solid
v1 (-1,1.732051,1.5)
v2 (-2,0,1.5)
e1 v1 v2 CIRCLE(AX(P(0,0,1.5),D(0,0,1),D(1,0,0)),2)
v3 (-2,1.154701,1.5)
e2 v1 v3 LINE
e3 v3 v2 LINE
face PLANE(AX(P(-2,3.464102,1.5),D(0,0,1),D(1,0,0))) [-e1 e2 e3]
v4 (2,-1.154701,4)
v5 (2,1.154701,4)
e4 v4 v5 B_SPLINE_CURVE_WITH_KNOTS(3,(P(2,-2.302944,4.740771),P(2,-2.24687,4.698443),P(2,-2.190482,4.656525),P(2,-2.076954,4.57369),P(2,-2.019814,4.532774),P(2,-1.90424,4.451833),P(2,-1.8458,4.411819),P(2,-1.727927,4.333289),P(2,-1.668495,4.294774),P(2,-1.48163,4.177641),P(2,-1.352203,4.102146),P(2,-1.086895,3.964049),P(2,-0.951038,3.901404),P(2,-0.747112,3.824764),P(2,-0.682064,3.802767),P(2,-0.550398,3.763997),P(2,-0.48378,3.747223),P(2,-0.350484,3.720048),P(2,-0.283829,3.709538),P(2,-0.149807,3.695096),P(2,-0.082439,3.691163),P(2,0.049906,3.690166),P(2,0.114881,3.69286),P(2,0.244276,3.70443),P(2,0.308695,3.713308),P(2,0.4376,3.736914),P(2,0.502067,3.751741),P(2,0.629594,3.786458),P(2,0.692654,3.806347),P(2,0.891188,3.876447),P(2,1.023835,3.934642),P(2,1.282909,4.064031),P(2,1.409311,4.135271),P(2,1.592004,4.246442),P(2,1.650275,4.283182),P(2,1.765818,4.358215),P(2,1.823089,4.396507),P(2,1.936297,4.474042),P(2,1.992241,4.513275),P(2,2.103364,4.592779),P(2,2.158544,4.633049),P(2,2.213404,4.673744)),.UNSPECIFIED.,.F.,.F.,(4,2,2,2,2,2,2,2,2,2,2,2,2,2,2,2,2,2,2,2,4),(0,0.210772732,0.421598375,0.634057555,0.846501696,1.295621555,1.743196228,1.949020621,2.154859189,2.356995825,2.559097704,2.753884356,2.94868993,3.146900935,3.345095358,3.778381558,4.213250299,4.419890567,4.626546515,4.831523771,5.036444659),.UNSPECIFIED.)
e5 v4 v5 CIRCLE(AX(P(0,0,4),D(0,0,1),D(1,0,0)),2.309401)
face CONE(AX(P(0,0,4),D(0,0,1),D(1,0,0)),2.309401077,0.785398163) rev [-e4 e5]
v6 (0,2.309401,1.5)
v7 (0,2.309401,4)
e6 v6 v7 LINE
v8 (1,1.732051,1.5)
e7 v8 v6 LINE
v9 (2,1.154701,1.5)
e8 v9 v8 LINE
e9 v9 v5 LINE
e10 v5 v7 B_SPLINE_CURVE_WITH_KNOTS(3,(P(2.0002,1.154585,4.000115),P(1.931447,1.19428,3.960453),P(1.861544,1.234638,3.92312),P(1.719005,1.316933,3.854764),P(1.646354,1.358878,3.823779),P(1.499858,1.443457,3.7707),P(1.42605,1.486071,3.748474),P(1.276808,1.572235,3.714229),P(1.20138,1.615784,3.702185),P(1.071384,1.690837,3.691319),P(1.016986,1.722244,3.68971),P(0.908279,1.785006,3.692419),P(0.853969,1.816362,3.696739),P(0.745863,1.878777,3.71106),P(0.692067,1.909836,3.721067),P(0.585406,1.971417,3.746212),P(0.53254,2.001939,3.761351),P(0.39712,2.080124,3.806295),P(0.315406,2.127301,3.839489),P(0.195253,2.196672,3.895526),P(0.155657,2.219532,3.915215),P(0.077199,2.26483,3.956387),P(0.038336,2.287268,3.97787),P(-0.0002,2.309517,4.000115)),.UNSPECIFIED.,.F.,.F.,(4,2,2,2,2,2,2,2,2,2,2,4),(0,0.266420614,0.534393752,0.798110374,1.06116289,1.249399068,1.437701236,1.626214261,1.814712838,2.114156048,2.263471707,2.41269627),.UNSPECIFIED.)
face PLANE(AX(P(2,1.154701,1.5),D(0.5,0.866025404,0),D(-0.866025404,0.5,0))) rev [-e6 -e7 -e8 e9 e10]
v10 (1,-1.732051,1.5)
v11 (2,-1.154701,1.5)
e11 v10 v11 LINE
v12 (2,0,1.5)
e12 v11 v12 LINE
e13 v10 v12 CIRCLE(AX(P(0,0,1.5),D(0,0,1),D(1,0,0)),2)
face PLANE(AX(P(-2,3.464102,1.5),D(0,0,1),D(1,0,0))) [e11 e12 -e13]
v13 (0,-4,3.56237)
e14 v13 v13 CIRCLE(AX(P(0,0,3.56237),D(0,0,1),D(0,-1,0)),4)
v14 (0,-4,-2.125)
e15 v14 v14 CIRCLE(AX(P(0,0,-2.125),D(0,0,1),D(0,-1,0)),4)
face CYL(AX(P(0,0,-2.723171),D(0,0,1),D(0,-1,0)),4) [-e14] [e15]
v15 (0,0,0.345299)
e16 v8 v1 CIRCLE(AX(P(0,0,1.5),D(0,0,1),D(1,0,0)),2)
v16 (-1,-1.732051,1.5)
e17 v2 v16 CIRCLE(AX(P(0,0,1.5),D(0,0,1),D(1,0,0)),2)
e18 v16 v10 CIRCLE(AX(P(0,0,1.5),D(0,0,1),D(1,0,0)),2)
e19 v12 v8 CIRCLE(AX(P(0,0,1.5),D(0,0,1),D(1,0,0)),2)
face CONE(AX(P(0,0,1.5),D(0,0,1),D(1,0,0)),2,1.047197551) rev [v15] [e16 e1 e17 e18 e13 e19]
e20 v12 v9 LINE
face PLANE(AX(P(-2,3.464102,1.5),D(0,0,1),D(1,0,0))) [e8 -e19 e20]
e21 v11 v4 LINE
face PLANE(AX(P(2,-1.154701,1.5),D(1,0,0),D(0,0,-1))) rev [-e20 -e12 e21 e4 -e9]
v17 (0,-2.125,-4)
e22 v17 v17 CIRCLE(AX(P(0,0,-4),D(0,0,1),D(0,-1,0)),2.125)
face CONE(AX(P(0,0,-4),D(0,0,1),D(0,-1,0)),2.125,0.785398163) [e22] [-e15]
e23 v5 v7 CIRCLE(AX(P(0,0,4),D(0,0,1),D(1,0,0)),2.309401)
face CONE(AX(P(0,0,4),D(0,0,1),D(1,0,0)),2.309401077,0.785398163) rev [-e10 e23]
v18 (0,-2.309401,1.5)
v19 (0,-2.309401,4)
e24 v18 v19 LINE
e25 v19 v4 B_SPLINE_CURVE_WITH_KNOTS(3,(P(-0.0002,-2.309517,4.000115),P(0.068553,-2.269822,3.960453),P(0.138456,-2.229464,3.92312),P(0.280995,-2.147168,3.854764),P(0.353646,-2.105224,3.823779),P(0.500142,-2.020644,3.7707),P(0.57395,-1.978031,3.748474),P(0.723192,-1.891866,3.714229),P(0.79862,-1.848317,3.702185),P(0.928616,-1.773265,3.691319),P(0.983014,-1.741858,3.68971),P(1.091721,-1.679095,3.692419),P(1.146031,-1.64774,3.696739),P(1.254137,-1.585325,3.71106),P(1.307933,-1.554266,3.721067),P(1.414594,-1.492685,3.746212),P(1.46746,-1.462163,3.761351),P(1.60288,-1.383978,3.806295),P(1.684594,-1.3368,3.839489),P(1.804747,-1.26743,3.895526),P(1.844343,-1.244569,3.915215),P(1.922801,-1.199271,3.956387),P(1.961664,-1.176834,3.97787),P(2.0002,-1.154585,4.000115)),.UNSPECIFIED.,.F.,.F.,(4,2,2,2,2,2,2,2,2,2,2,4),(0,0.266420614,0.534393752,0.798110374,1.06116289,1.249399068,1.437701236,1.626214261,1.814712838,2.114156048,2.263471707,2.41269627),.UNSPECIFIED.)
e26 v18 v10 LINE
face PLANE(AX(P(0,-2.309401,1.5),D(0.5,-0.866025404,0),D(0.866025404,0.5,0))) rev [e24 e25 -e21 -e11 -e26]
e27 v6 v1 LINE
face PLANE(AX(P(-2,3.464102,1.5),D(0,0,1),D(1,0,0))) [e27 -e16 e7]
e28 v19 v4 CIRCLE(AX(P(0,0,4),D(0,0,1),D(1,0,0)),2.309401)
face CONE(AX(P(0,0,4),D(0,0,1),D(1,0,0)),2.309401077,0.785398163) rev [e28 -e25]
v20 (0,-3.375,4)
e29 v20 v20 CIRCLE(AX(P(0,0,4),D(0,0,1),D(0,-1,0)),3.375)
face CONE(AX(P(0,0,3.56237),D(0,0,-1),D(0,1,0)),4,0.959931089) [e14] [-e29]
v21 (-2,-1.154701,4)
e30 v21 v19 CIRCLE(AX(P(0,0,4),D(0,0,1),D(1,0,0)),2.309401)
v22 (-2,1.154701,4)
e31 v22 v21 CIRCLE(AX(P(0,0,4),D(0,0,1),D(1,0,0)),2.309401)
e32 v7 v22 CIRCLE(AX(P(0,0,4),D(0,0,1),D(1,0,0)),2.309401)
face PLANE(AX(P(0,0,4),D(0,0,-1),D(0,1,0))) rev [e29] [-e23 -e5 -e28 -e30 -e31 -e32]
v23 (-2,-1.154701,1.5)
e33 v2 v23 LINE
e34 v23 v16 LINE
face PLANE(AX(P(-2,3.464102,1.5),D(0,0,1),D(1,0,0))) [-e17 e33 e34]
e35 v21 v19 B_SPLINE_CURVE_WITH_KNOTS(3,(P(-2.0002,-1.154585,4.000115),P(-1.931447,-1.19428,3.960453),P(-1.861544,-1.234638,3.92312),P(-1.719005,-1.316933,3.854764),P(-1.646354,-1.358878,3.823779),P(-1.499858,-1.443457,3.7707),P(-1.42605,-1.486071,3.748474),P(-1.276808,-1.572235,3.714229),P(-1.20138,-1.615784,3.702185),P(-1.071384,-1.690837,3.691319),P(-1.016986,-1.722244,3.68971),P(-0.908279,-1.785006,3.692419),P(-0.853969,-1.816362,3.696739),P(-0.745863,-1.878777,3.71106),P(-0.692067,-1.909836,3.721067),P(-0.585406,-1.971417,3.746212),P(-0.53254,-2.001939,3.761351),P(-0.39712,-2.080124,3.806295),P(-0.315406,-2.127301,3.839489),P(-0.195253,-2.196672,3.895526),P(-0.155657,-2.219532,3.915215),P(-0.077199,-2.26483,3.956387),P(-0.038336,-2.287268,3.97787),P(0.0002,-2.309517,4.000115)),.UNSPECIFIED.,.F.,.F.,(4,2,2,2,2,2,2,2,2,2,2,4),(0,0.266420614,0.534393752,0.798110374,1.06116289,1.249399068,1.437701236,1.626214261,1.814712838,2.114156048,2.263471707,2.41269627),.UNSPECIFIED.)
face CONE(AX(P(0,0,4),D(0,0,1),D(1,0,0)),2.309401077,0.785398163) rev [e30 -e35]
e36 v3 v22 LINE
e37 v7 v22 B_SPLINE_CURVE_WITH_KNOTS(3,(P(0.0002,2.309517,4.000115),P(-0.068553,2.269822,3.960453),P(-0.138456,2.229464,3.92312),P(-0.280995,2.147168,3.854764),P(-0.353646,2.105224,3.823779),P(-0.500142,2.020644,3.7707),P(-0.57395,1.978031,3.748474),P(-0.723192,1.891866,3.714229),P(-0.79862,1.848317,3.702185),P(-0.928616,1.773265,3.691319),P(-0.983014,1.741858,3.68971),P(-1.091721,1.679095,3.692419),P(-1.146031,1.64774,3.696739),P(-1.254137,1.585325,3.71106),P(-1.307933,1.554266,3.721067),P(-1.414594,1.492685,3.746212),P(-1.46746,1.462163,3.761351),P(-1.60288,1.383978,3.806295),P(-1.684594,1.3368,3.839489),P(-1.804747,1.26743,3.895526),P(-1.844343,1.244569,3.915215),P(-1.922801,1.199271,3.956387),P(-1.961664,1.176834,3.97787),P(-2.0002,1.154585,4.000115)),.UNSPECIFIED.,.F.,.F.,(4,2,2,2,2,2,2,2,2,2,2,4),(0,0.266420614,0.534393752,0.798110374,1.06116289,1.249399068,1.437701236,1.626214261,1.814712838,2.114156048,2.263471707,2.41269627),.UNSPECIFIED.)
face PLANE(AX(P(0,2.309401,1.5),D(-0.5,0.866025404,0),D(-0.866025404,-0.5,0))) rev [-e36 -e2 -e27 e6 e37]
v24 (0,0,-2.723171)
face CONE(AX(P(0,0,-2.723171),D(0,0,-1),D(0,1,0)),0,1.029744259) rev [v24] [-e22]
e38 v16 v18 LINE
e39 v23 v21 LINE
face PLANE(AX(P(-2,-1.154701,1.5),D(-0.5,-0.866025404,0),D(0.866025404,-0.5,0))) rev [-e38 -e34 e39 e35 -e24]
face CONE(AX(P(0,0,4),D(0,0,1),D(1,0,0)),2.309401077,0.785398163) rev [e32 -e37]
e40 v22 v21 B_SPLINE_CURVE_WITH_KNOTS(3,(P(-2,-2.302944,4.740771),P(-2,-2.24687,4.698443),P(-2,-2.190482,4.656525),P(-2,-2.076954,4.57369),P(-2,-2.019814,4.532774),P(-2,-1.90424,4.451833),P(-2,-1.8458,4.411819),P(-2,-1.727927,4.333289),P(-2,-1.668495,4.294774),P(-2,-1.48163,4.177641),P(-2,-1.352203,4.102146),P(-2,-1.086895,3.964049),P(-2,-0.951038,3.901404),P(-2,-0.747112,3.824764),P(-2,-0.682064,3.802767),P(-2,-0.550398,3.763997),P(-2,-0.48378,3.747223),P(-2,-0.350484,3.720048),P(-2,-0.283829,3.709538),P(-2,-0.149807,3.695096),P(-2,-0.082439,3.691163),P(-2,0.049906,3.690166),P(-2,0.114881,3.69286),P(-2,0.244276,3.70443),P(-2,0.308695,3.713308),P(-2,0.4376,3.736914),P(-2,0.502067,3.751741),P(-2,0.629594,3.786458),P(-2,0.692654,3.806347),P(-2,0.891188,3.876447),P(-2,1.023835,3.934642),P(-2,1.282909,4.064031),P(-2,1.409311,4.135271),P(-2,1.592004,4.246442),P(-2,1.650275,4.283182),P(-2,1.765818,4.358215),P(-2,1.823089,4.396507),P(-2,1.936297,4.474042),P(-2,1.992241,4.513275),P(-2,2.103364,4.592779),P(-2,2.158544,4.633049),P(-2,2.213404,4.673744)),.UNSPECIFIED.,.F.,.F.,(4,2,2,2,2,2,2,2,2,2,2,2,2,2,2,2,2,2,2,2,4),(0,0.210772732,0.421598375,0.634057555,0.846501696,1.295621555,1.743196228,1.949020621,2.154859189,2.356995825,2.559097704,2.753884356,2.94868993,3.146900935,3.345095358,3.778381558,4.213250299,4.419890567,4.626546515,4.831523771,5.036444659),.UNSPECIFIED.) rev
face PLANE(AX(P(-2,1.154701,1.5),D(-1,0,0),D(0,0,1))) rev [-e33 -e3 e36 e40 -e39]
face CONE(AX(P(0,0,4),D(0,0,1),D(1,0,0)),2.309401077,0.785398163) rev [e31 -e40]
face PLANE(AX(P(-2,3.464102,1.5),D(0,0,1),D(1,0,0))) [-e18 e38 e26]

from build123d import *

# Parameters (mm, degrees)
CUT_EXTRUDE1_DEPTH = 2.5


with BuildPart() as part:
    # Sketch11 → Revolve1 (revolve)
    with BuildSketch(Plane(origin=(0, 0, 0), x_dir=(0, 0, -1), z_dir=(1, 0, 0))):
        Polygon((-4, 0), (-4, 3.375), (-3.562370289, 4), (2.125, 4), (4, 2.125), (2.723171185, 0), align=None)
    revolve(axis=Axis((0, 0, -2.723171185), (0, 0, -1)))

    # Sketch2 → Cut-Extrude1 (cut)
    with BuildSketch(Plane.XY.offset(4)):
        Polygon((0, 2.309401077), (-2, 1.154700538), (-2, -1.154700538), (0, -2.309401077), (2, -1.154700538), (2, 1.154700538), align=None)
    extrude(amount=-CUT_EXTRUDE1_DEPTH, mode=Mode.SUBTRACT)

    # Cut-Extrude2 cone 1 section (through the dimple's axis) → Cut-Extrude2 (revolve, cut)
    with BuildSketch(Plane(origin=(0, 0, 4), x_dir=(0, -1, 0), z_dir=(1, 0, 0))):
        Polygon((0, 0), (2.309401077, 0), (0, 2.309401077), align=None)
    revolve(axis=Axis((0, 0, 4), (0, 0, -1)), mode=Mode.SUBTRACT)

    # Cut-Extrude3 cone 1 section (through the dimple's axis) → Cut-Extrude3 (revolve, cut)
    with BuildSketch(Plane(origin=(0, 0, 1.5), x_dir=(0, -1, 0), z_dir=(1, 0, 0))):
        Polygon((0, 0), (2, 0), (0, 1.154700538), align=None)
    revolve(axis=Axis((0, 0, 1.5), (0, 0, -1)), mode=Mode.SUBTRACT)


solid = part.part
